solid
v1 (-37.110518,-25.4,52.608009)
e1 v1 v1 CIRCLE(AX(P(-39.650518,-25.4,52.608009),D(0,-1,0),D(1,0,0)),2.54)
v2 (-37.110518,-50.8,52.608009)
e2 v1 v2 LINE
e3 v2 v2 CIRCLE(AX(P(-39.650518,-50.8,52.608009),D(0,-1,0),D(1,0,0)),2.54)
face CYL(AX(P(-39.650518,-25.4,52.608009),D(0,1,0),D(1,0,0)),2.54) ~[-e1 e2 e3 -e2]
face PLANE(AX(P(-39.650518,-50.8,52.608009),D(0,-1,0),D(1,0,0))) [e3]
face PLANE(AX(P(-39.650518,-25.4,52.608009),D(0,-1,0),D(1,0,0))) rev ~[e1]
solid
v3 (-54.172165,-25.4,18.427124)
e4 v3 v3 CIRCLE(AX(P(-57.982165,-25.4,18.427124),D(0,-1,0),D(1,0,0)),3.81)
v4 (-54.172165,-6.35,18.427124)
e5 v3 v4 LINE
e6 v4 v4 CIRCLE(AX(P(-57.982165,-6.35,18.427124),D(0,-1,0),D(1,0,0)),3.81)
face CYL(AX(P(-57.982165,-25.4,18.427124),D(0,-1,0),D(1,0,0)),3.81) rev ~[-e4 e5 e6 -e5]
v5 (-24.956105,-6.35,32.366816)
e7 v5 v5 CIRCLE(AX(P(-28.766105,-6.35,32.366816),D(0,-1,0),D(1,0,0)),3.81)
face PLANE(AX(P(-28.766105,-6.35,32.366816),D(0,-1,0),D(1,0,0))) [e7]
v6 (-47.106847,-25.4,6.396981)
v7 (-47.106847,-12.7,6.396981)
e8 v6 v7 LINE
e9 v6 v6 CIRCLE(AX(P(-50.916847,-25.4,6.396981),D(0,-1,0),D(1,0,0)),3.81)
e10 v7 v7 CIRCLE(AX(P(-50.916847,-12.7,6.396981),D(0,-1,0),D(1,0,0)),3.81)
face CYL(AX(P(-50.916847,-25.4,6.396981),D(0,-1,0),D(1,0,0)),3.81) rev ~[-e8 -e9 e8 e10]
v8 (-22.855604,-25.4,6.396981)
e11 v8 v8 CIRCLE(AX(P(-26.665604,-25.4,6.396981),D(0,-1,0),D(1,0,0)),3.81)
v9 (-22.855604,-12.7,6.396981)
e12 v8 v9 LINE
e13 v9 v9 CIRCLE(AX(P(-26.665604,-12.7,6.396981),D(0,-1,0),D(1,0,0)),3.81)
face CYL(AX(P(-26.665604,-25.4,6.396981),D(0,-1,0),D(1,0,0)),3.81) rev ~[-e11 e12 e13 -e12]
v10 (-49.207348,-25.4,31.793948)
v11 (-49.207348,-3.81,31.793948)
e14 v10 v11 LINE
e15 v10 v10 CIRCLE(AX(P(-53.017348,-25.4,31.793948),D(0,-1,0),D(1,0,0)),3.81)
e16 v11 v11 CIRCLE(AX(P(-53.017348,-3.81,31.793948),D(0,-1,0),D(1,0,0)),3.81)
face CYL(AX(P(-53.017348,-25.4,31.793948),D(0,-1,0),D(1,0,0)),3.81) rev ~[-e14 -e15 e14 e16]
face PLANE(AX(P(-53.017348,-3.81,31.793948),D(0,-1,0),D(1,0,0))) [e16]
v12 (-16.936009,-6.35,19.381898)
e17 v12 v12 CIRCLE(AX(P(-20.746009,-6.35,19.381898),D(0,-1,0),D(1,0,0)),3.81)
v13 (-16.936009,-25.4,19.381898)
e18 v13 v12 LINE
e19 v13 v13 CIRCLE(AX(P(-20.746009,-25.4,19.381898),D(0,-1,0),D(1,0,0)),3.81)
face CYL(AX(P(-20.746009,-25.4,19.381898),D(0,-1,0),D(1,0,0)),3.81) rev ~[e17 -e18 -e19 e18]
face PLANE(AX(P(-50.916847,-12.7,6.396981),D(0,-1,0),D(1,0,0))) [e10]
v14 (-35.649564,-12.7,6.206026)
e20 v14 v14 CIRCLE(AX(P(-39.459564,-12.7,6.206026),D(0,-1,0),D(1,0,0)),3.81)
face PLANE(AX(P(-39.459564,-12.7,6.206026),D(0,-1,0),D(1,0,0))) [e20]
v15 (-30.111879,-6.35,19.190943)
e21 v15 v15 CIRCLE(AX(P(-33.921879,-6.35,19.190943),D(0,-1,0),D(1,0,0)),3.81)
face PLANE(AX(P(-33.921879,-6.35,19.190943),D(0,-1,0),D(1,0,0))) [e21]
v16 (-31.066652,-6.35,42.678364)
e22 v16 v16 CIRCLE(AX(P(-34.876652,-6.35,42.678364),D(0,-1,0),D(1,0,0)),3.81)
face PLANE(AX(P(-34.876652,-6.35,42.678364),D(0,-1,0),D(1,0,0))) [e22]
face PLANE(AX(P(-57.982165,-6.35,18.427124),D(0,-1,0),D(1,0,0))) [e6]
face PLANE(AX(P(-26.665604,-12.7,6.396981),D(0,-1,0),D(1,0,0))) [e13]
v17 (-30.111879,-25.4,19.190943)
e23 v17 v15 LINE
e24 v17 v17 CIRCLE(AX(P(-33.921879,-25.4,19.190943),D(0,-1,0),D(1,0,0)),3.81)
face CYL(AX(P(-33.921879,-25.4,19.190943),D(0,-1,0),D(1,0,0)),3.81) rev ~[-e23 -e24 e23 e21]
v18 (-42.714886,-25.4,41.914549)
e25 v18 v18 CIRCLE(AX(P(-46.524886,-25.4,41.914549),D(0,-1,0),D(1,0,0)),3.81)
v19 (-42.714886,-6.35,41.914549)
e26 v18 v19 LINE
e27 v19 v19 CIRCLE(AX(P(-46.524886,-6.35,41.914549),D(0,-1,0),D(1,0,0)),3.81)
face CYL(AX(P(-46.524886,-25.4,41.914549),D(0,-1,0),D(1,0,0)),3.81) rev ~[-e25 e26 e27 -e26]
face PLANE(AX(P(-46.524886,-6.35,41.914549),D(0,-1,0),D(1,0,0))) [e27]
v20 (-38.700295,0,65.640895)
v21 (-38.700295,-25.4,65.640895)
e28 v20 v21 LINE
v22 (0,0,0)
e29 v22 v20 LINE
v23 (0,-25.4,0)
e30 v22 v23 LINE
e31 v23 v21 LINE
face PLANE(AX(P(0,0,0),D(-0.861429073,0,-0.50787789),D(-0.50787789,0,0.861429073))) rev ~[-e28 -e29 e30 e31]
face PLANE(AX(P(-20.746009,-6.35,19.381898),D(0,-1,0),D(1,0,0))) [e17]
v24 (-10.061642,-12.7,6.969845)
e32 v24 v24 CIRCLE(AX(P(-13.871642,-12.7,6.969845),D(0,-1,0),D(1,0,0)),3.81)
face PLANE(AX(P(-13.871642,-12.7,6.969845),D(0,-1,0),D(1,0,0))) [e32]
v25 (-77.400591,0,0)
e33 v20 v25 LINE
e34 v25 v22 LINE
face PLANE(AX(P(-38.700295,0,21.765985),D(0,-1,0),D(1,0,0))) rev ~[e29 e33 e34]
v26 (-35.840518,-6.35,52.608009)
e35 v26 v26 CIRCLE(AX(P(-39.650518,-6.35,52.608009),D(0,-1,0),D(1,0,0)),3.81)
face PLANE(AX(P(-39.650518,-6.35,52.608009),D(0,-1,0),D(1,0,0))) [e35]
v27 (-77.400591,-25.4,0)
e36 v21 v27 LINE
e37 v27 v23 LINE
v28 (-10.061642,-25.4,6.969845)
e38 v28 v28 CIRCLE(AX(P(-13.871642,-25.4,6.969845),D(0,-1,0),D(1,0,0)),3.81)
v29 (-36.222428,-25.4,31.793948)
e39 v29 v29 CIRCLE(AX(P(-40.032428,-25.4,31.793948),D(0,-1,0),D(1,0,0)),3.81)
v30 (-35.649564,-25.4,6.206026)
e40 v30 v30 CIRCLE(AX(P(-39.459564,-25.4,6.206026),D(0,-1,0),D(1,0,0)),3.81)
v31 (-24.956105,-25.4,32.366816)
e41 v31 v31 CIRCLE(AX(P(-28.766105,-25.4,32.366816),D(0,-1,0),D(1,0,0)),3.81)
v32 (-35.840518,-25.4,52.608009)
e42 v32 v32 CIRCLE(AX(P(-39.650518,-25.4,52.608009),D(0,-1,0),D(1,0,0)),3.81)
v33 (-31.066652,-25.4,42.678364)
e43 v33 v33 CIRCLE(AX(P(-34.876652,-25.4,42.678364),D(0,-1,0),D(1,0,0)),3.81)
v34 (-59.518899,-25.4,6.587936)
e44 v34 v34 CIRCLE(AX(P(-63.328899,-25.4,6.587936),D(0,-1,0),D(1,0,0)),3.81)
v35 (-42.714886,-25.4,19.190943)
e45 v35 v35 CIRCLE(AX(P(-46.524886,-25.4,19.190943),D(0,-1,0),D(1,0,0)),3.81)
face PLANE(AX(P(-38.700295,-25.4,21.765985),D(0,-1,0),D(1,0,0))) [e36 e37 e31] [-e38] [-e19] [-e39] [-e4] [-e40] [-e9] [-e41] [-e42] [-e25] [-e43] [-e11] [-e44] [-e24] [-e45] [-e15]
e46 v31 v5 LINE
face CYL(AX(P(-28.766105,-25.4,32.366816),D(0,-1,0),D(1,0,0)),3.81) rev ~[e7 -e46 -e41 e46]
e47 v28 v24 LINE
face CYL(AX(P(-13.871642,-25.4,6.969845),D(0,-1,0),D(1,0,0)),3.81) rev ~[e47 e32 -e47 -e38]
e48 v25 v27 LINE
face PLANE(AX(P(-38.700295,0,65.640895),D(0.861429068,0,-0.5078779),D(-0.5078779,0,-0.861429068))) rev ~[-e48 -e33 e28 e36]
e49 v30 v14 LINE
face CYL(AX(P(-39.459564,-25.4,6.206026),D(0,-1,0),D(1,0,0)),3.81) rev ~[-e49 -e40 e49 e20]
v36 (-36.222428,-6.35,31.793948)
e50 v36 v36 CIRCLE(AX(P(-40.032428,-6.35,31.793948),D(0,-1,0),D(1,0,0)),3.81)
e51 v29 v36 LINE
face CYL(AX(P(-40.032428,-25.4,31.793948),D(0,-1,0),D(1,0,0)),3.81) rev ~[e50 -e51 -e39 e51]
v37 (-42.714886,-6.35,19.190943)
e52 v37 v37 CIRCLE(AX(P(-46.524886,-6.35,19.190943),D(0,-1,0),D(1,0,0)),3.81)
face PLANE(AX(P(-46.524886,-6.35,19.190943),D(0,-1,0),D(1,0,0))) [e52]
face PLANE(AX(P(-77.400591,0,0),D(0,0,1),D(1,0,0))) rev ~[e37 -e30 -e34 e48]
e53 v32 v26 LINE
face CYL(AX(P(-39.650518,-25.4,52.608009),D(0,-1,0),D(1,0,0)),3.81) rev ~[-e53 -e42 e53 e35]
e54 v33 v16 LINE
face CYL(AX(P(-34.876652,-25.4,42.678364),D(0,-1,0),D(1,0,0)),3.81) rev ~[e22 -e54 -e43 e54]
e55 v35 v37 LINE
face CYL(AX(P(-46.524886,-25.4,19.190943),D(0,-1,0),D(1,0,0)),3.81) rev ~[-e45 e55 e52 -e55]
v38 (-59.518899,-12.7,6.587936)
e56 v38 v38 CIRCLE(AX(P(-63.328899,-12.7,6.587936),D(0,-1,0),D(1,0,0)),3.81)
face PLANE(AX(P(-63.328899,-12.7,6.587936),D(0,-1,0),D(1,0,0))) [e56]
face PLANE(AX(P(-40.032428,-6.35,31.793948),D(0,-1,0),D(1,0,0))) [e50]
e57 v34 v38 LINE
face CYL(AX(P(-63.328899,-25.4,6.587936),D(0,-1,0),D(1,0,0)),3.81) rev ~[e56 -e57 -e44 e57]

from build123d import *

# Parameters (mm, degrees)
F1_DEPTH  = 25.4
F2_R      = 3.81
F3_DEPTH  = 12.7
F4_R      = 3.81
F14_DEPTH = 25.4
F5_R      = 3.81
F16_DEPTH = 19.05
F6_R      = 3.81
F17_DEPTH = 19.05
F8_R      = 3.81
F18_DEPTH = 19.05
F7_R      = 3.81
F19_DEPTH = 19.05
F12_R     = 3.81
F20_DEPTH = 19.05
F13_R     = 3.81
F21_DEPTH = 19.05
F11_R     = 3.81
F22_DEPTH = 19.05
F9_R      = 3.81
F23_DEPTH = 21.59
F15_R     = 3.81
F24_DEPTH = 19.05
F10_R     = 3.81
F25_DEPTH = 19.05
F26_R     = 2.54
F27_DEPTH = 25.4


with BuildPart() as f1:
    # F0 (on Front) → F1 (new body)
    with BuildSketch(Plane.XZ):
        Polygon((-77.400591, 0), (0, 0), (-38.700295, 65.640895), align=None)
    extrude(amount=F1_DEPTH)

    # F2 (on face) → F3 (cut)
    with BuildSketch(Plane.XZ.offset(25.4)):
        with Locations((-63.328899, 6.587936)):
            Circle(F2_R)
        with Locations((-50.916847, 6.396981)):
            Circle(F2_R)
        with Locations((-39.459564, 6.206026)):
            Circle(F2_R)
        with Locations((-26.665604, 6.396981)):
            Circle(F2_R)
        with Locations((-13.871642, 6.969845)):
            Circle(F2_R)
    extrude(amount=-F3_DEPTH, mode=Mode.SUBTRACT)

    # F4 (on face) → F14 (cut)
    with BuildSketch(Plane.XZ.offset(25.4)):
        with Locations((-57.60026, 18.999988)):
            Circle(F4_R)
    extrude(amount=F14_DEPTH, mode=Mode.SUBTRACT)

    # F5 (on face) → F16 (cut)
    with BuildSketch(Plane.XZ.offset(25.4)):
        with Locations((-46.524886, 19.190943)):
            Circle(F5_R)
    extrude(amount=-F16_DEPTH, mode=Mode.SUBTRACT)

    # F6 (on face) → F17 (cut)
    with BuildSketch(Plane.XZ.offset(25.4)):
        with Locations((-33.921879, 19.190943)):
            Circle(F6_R)
    extrude(amount=-F17_DEPTH, mode=Mode.SUBTRACT)

    # F8 (on face) → F18 (cut)
    with BuildSketch(Plane.XZ.offset(25.4)):
        with Locations((-40.032428, 31.793948)):
            Circle(F8_R)
    extrude(amount=-F18_DEPTH, mode=Mode.SUBTRACT)

    # F7 (on face) → F19 (cut)
    with BuildSketch(Plane.XZ.offset(25.4)):
        with Locations((-20.746009, 19.381898)):
            Circle(F7_R)
    extrude(amount=-F19_DEPTH, mode=Mode.SUBTRACT)

    # F12 (on face) → F20 (cut)
    with BuildSketch(Plane.XZ.offset(25.4)):
        with Locations((-34.876652, 42.678364)):
            Circle(F12_R)
    extrude(amount=-F20_DEPTH, mode=Mode.SUBTRACT)

    # F13 (on face) → F21 (cut)
    with BuildSketch(Plane.XZ.offset(25.4)):
        with Locations((-39.650518, 52.608009)):
            Circle(F13_R)
    extrude(amount=-F21_DEPTH, mode=Mode.SUBTRACT)

    # F11 (on face) → F22 (cut)
    with BuildSketch(Plane.XZ.offset(25.4)):
        with Locations((-46.524886, 41.914549)):
            Circle(F11_R)
    extrude(amount=-F22_DEPTH, mode=Mode.SUBTRACT)

    # F9 (on face) → F23 (cut)
    with BuildSketch(Plane.XZ.offset(25.4)):
        with Locations((-53.017348, 31.793948)):
            Circle(F9_R)
    extrude(amount=-F23_DEPTH, mode=Mode.SUBTRACT)

    # F15 (on face) → F24 (cut)
    with BuildSketch(Plane.XZ.offset(25.4)):
        with Locations((-57.982165, 18.427124)):
            Circle(F15_R)
    extrude(amount=-F24_DEPTH, mode=Mode.SUBTRACT)

    # F10 (on face) → F25 (cut)
    with BuildSketch(Plane.XZ.offset(25.4)):
        with Locations((-28.766105, 32.366816)):
            Circle(F10_R)
    extrude(amount=-F25_DEPTH, mode=Mode.SUBTRACT)


with BuildPart() as f27:
    # F26 (on face) → F27 (new body)
    with BuildSketch(Plane.XZ.offset(25.4)):
        with Locations((-39.650518, 52.608009)):
            Circle(F26_R)
    extrude(amount=F27_DEPTH)


solid = Compound([f1.part, f27.part])
